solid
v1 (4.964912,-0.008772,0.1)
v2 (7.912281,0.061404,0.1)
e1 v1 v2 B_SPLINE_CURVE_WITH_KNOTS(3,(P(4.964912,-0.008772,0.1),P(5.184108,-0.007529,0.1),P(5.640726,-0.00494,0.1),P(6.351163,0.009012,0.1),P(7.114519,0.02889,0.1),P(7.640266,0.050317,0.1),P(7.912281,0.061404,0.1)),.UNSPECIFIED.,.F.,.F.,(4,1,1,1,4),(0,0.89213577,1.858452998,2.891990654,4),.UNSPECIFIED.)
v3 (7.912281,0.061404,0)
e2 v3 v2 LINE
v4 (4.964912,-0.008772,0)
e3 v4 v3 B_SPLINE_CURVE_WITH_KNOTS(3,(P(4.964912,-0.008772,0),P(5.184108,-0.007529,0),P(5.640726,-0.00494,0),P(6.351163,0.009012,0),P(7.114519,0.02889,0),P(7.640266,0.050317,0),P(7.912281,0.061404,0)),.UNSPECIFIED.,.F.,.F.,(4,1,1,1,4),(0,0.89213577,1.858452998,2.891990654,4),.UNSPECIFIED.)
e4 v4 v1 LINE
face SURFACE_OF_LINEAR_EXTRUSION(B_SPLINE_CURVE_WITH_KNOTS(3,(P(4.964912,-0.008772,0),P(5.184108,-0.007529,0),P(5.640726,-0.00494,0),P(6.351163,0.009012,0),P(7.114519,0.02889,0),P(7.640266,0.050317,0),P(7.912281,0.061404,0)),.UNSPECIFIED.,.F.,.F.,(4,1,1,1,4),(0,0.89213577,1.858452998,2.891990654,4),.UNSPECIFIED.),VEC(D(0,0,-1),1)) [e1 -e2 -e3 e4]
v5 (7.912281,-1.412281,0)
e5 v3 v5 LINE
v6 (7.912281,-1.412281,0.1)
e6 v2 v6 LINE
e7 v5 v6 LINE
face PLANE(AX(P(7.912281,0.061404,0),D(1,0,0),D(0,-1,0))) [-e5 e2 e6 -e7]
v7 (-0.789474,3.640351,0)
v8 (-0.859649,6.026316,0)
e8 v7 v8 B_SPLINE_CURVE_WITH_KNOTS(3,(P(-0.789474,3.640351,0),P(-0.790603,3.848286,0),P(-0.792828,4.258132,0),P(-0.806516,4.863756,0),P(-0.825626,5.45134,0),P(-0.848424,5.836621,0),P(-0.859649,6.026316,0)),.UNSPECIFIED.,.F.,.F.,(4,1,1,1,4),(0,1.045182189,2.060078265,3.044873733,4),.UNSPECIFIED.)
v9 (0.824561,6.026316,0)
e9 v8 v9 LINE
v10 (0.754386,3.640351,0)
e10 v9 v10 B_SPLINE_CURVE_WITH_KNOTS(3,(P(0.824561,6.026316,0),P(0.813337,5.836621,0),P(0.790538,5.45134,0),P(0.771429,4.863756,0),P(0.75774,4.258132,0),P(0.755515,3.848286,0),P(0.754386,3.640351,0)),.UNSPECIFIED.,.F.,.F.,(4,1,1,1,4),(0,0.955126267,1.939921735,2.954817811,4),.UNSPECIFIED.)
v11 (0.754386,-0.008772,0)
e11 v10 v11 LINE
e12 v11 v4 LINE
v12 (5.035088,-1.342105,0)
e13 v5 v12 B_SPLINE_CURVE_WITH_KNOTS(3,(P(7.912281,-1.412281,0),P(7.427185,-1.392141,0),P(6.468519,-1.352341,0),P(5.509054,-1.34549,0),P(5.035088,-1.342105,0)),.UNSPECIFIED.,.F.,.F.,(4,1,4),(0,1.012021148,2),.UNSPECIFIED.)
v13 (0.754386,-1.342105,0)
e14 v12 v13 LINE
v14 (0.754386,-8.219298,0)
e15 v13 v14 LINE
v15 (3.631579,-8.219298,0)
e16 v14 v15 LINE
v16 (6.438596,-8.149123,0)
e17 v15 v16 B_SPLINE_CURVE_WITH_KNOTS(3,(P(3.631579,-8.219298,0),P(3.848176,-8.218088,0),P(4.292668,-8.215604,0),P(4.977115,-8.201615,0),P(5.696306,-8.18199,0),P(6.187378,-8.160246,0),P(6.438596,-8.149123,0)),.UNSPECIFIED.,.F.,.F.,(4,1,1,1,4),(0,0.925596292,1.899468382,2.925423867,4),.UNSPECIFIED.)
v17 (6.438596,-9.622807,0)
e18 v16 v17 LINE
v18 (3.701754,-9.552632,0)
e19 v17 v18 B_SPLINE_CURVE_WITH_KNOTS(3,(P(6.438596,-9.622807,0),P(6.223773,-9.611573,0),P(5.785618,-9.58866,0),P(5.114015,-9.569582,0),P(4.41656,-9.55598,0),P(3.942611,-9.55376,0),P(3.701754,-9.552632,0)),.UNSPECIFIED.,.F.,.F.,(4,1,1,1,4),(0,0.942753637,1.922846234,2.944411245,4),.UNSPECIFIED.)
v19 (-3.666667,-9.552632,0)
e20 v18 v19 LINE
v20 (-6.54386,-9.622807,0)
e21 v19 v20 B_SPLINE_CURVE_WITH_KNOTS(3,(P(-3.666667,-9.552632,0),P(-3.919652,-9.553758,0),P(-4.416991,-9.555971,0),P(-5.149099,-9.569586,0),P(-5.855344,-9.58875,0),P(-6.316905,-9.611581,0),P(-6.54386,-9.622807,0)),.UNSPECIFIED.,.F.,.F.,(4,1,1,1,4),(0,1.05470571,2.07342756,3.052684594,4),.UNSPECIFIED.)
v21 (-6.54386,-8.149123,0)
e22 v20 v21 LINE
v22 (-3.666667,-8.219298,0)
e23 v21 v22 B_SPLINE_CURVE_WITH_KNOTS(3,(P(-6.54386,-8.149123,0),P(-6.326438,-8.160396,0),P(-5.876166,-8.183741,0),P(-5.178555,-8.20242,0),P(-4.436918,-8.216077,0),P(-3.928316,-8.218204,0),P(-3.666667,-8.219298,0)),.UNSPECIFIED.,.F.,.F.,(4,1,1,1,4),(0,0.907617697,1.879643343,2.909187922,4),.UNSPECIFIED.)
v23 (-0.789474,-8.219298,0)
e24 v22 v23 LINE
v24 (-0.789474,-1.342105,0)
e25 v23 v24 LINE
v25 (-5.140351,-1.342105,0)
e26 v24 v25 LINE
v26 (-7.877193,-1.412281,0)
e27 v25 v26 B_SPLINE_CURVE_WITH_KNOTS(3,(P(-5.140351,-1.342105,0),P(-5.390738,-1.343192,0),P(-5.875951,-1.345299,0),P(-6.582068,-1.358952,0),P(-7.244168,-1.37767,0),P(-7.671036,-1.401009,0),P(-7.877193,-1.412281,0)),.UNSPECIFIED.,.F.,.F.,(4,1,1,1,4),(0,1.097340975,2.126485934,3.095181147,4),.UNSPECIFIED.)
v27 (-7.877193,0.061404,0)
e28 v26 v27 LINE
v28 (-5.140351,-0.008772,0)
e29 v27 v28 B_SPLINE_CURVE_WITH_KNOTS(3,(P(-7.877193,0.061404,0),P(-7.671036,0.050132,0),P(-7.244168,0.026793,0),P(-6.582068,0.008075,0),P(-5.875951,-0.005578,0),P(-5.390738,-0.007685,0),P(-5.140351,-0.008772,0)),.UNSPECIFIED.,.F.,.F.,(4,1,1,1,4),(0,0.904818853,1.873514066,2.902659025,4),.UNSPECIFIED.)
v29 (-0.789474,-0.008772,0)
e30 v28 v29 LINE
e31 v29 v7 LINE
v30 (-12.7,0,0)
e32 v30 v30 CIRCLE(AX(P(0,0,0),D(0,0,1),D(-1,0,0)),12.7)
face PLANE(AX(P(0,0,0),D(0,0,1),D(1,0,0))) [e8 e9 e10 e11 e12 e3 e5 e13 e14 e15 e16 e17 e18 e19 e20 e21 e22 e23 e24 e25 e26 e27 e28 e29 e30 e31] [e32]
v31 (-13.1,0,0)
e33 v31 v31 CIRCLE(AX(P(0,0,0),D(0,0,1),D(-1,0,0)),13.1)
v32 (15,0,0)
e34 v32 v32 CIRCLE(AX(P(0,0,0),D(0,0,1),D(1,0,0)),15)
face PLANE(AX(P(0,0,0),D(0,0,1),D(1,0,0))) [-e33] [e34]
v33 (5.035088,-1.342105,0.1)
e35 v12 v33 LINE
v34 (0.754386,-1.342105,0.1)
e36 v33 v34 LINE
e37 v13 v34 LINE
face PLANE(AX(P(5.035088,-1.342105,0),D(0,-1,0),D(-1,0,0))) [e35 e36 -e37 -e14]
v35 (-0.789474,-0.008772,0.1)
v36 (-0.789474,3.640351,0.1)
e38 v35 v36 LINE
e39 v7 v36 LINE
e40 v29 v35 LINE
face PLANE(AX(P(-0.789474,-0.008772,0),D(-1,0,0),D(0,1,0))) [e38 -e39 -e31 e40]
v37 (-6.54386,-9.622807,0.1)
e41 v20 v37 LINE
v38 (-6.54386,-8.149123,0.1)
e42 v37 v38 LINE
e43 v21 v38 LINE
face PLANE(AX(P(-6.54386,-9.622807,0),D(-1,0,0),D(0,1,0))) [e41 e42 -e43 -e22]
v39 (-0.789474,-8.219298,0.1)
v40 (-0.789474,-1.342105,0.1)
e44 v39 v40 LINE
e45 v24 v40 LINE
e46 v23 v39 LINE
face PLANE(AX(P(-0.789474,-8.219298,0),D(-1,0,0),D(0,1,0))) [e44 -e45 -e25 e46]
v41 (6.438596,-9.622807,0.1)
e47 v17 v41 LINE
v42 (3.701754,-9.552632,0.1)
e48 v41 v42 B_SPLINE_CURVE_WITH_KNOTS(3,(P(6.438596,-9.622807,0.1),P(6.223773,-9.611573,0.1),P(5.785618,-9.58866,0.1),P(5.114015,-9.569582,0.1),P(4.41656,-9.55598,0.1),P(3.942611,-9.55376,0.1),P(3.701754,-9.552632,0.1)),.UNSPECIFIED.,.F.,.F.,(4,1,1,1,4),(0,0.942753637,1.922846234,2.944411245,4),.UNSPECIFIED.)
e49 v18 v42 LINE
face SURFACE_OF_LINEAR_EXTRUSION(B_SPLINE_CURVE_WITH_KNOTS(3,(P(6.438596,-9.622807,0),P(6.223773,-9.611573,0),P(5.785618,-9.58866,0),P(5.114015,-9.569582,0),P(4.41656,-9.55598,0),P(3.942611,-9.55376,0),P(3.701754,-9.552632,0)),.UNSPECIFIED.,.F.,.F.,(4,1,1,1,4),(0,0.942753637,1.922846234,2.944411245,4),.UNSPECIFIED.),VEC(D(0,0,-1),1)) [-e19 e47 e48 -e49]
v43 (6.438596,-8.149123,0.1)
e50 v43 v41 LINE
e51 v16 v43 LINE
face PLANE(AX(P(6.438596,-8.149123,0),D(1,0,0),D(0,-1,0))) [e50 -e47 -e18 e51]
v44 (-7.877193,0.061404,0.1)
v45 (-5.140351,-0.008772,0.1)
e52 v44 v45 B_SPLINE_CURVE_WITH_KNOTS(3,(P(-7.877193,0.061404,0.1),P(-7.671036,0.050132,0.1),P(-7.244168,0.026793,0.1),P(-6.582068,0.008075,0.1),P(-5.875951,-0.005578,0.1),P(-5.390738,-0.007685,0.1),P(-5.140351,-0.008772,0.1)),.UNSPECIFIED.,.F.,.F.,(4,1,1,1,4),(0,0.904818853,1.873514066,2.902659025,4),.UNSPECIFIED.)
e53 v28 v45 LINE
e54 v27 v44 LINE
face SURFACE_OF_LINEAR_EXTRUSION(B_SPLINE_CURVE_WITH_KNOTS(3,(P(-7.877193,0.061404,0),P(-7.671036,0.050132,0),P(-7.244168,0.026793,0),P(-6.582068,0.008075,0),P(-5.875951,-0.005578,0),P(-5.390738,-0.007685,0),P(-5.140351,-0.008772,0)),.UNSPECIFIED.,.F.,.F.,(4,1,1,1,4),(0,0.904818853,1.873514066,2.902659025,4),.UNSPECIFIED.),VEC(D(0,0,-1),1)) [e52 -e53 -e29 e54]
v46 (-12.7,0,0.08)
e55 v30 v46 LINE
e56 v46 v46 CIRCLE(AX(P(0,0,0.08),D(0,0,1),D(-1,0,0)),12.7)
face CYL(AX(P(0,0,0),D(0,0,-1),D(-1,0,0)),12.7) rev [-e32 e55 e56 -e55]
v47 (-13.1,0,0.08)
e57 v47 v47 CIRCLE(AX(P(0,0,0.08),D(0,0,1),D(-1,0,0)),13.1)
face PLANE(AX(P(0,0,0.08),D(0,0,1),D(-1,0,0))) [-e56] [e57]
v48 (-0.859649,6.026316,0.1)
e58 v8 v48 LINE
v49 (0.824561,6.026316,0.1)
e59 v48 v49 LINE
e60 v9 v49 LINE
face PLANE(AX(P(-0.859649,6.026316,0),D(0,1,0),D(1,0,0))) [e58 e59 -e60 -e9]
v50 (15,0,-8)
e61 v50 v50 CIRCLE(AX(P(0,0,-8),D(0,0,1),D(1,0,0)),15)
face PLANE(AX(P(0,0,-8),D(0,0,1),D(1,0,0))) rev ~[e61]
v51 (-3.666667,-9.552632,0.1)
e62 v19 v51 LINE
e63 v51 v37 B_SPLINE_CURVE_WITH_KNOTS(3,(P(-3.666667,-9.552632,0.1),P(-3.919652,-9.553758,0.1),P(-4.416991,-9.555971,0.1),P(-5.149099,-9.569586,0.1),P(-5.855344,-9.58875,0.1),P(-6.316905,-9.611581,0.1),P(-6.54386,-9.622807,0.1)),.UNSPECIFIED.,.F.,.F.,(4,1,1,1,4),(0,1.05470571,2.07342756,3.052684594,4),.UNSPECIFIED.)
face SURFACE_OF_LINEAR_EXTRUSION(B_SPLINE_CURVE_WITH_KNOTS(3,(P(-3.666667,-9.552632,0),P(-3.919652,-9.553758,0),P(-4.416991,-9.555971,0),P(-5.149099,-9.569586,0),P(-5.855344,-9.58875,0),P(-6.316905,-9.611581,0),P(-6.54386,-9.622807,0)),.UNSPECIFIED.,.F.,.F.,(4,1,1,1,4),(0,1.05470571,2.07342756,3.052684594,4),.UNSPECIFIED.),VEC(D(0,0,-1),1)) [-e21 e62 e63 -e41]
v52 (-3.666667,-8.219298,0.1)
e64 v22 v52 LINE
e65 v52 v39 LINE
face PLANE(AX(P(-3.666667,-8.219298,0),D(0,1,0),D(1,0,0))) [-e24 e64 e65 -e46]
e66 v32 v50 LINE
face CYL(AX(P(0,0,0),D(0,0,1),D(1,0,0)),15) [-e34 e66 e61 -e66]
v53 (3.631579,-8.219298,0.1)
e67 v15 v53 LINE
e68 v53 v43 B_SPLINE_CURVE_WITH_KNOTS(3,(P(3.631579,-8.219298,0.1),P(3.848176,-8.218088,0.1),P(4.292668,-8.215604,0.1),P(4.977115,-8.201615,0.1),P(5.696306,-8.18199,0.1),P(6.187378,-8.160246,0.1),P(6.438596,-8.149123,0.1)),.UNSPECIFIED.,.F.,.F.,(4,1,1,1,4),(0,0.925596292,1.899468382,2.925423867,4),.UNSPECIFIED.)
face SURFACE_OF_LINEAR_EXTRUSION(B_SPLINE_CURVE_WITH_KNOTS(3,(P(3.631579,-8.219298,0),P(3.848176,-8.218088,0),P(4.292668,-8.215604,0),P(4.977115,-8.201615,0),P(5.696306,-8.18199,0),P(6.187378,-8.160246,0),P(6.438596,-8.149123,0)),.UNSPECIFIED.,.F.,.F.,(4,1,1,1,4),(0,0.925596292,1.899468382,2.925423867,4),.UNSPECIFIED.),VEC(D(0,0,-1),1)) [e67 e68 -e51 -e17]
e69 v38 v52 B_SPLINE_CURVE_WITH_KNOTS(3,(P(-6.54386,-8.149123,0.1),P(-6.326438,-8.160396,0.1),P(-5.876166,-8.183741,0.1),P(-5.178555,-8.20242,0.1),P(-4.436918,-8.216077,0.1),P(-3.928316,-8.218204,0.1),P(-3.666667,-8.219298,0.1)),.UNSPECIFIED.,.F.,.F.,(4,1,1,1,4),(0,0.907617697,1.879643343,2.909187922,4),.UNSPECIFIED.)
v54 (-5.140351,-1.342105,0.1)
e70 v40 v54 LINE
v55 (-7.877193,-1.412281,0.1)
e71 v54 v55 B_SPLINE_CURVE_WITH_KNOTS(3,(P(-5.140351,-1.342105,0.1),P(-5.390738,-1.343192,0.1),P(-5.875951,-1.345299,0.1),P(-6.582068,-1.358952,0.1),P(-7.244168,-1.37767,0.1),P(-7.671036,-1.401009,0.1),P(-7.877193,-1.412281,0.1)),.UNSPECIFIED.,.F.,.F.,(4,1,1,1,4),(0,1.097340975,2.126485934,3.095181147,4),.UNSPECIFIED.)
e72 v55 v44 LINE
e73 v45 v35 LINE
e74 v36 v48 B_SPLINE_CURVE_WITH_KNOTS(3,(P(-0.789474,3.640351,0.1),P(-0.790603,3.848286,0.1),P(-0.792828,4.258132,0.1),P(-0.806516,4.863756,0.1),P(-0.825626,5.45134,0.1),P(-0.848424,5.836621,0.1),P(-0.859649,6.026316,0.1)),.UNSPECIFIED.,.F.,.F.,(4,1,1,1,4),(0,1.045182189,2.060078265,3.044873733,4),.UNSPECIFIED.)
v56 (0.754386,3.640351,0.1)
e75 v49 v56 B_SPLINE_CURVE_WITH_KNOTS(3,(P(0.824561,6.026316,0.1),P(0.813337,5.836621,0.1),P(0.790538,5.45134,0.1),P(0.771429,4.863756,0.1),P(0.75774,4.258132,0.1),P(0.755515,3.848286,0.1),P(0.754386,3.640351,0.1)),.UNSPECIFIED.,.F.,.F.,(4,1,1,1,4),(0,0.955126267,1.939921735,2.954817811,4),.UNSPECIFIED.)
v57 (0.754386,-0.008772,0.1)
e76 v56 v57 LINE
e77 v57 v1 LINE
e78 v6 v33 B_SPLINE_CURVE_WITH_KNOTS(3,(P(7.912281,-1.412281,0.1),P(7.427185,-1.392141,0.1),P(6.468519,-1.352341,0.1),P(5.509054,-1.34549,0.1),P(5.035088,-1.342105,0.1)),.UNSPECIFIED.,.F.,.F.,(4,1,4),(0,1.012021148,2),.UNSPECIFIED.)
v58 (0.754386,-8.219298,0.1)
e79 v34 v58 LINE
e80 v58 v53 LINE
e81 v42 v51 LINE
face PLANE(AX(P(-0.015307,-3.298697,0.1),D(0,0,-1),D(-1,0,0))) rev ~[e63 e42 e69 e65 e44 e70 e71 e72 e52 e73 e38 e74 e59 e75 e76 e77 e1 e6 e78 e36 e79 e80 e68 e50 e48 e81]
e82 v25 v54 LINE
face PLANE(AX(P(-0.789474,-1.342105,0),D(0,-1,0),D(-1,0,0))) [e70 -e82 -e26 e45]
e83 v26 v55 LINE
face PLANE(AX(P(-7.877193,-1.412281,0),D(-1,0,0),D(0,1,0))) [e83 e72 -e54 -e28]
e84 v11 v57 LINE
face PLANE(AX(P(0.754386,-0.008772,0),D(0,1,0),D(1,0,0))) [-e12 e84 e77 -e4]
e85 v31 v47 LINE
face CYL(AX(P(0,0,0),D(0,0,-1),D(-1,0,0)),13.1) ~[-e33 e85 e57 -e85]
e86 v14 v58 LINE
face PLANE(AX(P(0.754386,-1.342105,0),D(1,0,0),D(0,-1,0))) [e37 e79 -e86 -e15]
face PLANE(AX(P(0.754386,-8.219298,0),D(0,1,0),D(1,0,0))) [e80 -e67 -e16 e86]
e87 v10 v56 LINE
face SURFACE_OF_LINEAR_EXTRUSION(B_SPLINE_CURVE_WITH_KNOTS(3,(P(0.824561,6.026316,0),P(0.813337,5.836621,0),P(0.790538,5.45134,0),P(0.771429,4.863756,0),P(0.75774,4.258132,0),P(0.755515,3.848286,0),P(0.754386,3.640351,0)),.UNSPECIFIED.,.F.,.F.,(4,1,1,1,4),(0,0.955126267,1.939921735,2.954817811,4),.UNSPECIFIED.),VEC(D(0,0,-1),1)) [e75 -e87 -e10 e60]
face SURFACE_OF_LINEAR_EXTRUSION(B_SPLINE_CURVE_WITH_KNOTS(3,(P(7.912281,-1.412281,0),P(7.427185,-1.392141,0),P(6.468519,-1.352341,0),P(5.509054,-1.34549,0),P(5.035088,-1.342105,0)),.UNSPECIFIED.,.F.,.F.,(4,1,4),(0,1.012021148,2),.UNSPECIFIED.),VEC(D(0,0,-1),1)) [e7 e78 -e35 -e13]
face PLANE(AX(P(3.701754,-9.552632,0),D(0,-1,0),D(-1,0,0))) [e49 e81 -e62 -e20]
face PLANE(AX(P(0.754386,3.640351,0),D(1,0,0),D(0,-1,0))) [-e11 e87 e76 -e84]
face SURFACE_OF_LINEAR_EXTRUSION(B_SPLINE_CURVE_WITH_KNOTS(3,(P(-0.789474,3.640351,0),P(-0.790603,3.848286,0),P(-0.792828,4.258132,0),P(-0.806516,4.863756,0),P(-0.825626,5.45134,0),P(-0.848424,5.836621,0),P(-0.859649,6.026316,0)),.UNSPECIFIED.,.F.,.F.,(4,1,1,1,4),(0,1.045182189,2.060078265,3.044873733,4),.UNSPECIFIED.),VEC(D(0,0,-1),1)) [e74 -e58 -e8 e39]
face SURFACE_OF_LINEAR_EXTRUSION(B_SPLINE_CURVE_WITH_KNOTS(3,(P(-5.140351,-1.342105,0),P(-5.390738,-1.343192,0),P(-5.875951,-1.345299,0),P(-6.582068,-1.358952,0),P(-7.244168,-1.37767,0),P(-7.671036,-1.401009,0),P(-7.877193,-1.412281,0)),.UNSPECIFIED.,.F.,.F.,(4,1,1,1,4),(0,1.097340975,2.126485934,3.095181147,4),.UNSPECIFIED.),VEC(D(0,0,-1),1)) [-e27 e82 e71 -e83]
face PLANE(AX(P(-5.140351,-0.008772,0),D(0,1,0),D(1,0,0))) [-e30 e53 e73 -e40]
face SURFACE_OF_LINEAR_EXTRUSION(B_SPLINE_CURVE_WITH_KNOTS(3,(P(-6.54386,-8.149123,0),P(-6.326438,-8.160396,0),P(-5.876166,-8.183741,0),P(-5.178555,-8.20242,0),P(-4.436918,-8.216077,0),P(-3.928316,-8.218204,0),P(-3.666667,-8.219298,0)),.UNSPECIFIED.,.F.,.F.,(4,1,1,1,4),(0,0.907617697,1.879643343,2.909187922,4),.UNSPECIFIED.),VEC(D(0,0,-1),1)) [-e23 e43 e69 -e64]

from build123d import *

# Parameters (mm, degrees)
SKETCH_1_R               = 15
DIAMETER30_HEIGHT8_DEPTH = 8
CHARACTER_DEPTH          = 0.1
SKETCH_3_R               = 13.1
SKETCH_3_R_2             = 12.7
INK_RING_DEPTH           = 0.08


with BuildPart() as part:
    # 草图1 → Diameter30_Height8 (new body)
    with BuildSketch(Plane.XY):
        Circle(SKETCH_1_R)
    extrude(amount=-DIAMETER30_HEIGHT8_DEPTH)

    # 草图2 → Character_士 (add)
    with BuildSketch(Plane.XY):
        with BuildLine():
            add(Edge.make_bspline(
                [(0.824561404, 6.026315789), (0.813336636, 5.83662132), (0.790538423, 5.45133988), (0.771428603, 4.863755794), (0.757740418, 4.258132362), (0.755515021, 3.84828648), (0.754385965, 3.640350877)],
                knots=[0, 0, 0, 0, 0.955126267, 1.939921735, 2.954817811, 4, 4, 4, 4], degree=3))
            Line((0.754385965, 3.640350877), (0.754385965, -0.00877193))
            Line((0.754385965, -0.00877193), (4.964912281, -0.00877193))
            add(Edge.make_bspline(
                [(4.964912281, -0.00877193), (5.184108112, -0.007529011), (5.640726, -0.004939824), (6.351162704, 0.009012072), (7.114519154, 0.028890494), (7.640265954, 0.050317465), (7.912280702, 0.061403509)],
                knots=[0, 0, 0, 0, 0.89213577, 1.858452998, 2.891990654, 4, 4, 4, 4], degree=3))
            Line((7.912280702, 0.061403509), (7.912280702, -1.412280702))
            add(Edge.make_bspline(
                [(7.912280702, -1.412280702), (7.427185378, -1.392141242), (6.468519002, -1.352340771), (5.509053521, -1.345489646), (5.035087719, -1.342105263)],
                knots=[0, 0, 0, 0, 1.012021148, 2, 2, 2, 2], degree=3))
            Line((5.035087719, -1.342105263), (0.754385965, -1.342105263))
            Line((0.754385965, -1.342105263), (0.754385965, -8.219298246))
            Line((0.754385965, -8.219298246), (3.631578947, -8.219298246))
            add(Edge.make_bspline(
                [(3.631578947, -8.219298246), (3.848176317, -8.218087826), (4.292668001, -8.215603856), (4.977115293, -8.20161515), (5.696306453, -8.181989949), (6.187377565, -8.160246287), (6.438596491, -8.149122807)],
                knots=[0, 0, 0, 0, 0.925596292, 1.899468382, 2.925423867, 4, 4, 4, 4], degree=3))
            Line((6.438596491, -8.149122807), (6.438596491, -9.622807018))
            add(Edge.make_bspline(
                [(6.438596491, -9.622807018), (6.22377323, -9.611572963), (5.785618359, -9.588659914), (5.114015233, -9.569582266), (4.416560018, -9.555980066), (3.942610691, -9.553759864), (3.701754386, -9.552631579)],
                knots=[0, 0, 0, 0, 0.942753637, 1.922846234, 2.944411245, 4, 4, 4, 4], degree=3))
            Line((3.701754386, -9.552631579), (-3.666666667, -9.552631579))
            add(Edge.make_bspline(
                [(-3.666666667, -9.552631579), (-3.919651707, -9.553757661), (-4.416990585, -9.555971406), (-5.149099093, -9.569586009), (-5.855343836, -9.588750323), (-6.316905199, -9.61158096), (-6.543859649, -9.622807018)],
                knots=[0, 0, 0, 0, 1.05470571, 2.07342756, 3.052684594, 4, 4, 4, 4], degree=3))
            Line((-6.543859649, -9.622807018), (-6.543859649, -8.149122807))
            add(Edge.make_bspline(
                [(-6.543859649, -8.149122807), (-6.326438065, -8.160395624), (-5.876165846, -8.183741218), (-5.178554503, -8.202420094), (-4.436918096, -8.216076814), (-3.928315814, -8.218203947), (-3.666666667, -8.219298246)],
                knots=[0, 0, 0, 0, 0.907617697, 1.879643343, 2.909187922, 4, 4, 4, 4], degree=3))
            Line((-3.666666667, -8.219298246), (-0.789473684, -8.219298246))
            Line((-0.789473684, -8.219298246), (-0.789473684, -1.342105263))
            Line((-0.789473684, -1.342105263), (-5.140350877, -1.342105263))
            add(Edge.make_bspline(
                [(-5.140350877, -1.342105263), (-5.390737734, -1.343192376), (-5.875950755, -1.345299041), (-6.582068481, -1.358952048), (-7.244168345, -1.377670192), (-7.671036038, -1.401009107), (-7.877192982, -1.412280702)],
                knots=[0, 0, 0, 0, 1.097340975, 2.126485934, 3.095181147, 4, 4, 4, 4], degree=3))
            Line((-7.877192982, -1.412280702), (-7.877192982, 0.061403509))
            add(Edge.make_bspline(
                [(-7.877192982, 0.061403509), (-7.671036038, 0.050131914), (-7.244168345, 0.026792999), (-6.582068481, 0.008074855), (-5.875950755, -0.005578152), (-5.390737734, -0.007684817), (-5.140350877, -0.00877193)],
                knots=[0, 0, 0, 0, 0.904818853, 1.873514066, 2.902659025, 4, 4, 4, 4], degree=3))
            Line((-5.140350877, -0.00877193), (-0.789473684, -0.00877193))
            Line((-0.789473684, -0.00877193), (-0.789473684, 3.640350877))
            add(Edge.make_bspline(
                [(-0.789473684, 3.640350877), (-0.790602741, 3.84828648), (-0.792828137, 4.258132362), (-0.806516322, 4.863755794), (-0.825626143, 5.45133988), (-0.848424355, 5.83662132), (-0.859649123, 6.026315789)],
                knots=[0, 0, 0, 0, 1.045182189, 2.060078265, 3.044873733, 4, 4, 4, 4], degree=3))
            Line((-0.859649123, 6.026315789), (0.824561404, 6.026315789))
        make_face()
    extrude(amount=CHARACTER_DEPTH)

    # 草图3 → Ink_ring (add)
    with BuildSketch(Plane.XY):
        with Locations(Location((0, 0, 0), (0, 0, 180))):
            Circle(SKETCH_3_R)
        with Locations(Location((0, 0, 0), (0, 0, 180))):
            Circle(SKETCH_3_R_2, mode=Mode.SUBTRACT)
    extrude(amount=INK_RING_DEPTH)


solid = part.part
